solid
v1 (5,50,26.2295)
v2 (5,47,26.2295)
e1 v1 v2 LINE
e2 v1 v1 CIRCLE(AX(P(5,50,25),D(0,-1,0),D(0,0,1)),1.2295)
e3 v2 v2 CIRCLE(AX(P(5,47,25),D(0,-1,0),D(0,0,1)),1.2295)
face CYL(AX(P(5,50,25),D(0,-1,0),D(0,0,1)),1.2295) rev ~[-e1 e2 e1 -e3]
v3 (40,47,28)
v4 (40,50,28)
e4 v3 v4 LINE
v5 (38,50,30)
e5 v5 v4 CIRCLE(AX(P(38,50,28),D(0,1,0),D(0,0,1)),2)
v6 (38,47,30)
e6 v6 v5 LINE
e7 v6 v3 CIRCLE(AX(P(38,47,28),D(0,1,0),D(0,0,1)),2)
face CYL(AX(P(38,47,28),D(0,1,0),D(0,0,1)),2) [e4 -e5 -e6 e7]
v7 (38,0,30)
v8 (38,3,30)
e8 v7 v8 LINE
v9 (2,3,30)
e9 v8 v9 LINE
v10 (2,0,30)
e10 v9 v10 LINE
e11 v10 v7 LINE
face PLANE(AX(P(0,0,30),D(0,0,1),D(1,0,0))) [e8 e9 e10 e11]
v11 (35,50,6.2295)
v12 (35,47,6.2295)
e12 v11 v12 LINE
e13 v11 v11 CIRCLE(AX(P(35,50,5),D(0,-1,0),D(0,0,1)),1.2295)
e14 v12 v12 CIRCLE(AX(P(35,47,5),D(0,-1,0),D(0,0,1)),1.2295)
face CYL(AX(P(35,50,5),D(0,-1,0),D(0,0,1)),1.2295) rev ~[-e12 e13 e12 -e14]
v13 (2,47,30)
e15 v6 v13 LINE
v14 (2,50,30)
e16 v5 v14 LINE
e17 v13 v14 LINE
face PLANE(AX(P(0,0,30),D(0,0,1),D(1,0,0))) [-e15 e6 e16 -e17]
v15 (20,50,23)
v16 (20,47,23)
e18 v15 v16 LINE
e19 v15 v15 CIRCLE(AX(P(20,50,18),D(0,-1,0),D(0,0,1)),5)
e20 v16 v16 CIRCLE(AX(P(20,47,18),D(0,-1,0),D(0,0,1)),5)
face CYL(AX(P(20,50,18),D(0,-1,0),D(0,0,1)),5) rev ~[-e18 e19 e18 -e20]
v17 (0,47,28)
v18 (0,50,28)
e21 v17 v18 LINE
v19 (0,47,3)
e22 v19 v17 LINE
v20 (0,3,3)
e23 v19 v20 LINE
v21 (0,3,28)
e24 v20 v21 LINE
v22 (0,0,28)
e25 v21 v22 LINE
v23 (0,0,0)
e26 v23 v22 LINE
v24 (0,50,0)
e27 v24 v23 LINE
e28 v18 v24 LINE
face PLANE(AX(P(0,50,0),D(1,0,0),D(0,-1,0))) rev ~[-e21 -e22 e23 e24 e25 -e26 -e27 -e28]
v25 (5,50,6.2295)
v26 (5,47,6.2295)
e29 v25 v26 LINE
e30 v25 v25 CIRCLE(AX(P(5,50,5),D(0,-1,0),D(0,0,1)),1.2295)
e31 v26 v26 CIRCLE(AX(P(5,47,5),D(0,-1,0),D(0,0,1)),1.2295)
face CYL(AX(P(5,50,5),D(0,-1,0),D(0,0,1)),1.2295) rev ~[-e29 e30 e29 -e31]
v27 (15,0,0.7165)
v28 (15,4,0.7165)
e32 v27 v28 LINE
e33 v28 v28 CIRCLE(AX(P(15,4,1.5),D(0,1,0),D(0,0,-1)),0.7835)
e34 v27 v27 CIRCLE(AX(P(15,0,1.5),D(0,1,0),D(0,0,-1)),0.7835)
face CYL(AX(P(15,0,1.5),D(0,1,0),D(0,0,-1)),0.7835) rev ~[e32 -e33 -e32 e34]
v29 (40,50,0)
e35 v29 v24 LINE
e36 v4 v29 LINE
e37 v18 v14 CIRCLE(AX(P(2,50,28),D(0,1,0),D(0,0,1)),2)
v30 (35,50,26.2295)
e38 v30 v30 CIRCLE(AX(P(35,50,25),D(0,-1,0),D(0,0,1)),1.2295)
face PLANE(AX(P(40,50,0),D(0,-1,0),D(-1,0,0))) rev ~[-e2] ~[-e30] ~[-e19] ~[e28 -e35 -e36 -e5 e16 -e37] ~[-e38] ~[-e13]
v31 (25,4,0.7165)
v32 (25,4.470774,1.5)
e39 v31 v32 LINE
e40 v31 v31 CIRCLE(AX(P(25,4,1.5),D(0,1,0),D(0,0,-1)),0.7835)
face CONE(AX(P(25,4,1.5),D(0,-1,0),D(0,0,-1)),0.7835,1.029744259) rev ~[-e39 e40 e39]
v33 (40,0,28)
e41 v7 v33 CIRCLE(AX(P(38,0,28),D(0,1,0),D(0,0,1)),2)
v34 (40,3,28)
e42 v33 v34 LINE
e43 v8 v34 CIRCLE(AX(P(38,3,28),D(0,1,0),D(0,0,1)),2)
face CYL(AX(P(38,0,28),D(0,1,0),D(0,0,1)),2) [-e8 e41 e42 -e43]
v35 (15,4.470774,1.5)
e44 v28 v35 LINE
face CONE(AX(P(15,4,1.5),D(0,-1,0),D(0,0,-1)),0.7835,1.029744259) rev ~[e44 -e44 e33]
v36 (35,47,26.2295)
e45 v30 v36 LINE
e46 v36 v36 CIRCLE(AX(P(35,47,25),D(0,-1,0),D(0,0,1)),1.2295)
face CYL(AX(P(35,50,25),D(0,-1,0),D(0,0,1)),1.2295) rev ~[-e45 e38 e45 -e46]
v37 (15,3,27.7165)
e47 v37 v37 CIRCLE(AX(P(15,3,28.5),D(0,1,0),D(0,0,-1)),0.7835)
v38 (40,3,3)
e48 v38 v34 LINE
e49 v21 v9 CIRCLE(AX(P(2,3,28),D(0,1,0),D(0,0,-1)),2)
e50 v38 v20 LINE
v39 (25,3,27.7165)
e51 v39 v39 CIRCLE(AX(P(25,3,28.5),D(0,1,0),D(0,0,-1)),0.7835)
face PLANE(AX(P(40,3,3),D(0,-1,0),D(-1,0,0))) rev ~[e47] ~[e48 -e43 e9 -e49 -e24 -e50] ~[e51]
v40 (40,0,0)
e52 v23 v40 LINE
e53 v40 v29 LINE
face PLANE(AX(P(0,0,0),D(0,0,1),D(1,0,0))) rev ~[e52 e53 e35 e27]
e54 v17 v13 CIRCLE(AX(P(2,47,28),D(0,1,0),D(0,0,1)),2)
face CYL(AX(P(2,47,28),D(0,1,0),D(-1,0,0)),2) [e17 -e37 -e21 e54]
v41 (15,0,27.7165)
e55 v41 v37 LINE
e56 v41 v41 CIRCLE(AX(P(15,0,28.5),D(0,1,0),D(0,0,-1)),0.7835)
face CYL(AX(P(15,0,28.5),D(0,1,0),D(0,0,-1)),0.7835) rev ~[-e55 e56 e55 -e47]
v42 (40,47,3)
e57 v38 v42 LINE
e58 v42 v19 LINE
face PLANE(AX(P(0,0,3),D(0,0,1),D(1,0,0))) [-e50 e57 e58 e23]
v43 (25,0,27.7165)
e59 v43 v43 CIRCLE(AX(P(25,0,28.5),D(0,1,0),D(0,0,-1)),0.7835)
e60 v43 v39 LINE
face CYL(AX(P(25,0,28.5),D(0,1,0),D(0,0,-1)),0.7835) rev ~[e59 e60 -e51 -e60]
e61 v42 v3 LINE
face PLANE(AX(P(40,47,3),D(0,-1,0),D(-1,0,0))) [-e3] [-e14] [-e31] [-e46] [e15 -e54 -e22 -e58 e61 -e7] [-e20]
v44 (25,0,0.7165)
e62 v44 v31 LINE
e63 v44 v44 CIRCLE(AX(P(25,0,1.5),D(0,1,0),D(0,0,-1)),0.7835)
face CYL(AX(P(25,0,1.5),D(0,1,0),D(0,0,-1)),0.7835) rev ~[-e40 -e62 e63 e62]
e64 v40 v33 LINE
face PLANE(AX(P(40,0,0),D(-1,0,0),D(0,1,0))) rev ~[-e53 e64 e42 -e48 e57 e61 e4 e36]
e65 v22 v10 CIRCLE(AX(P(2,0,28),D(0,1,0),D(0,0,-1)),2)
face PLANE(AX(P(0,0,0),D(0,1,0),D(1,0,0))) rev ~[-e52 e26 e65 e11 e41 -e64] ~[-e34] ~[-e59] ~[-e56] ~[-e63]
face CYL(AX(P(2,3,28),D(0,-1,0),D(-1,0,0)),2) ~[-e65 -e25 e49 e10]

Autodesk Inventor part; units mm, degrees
ref_plane "YZ Plane" through (0, 0, 0) normal (1, 0, 0) x (0, 1, 0)
ref_plane "XZ Plane" through (0, 0, 0) normal (0, 1, 0) x (-1, 0, 0)
ref_plane "XY Plane" through (0, 0, 0) normal (0, 0, 1) x (1, 0, 0)
sketch "スケッチ1" plane through (0, 0, 0) normal (0, 0, 1) x (1, 0, 0)
  line L0 (0, 0) -> (40, 0)
  line L1 (40, 0) -> (40, 50)
  line L2 (40, 50) -> (0, 50)
  line L3 (0, 50) -> (0, 0)
  dimension "d0" = 40
  dimension "d1" = 50
extrude "押し出し1" add sketch "スケッチ1" along normal blind 3
sketch "スケッチ2" plane through (0, 0, 3) normal (0, 0, 1) x (1, 0, 0)
  line L0 (40, 50) -> (0, 50) projected
  line L1 (40, 0) -> (40, 50) projected
  line L2 (0, 50) -> (40, 50)
  line L3 (40, 50) -> (40, 47)
  line L4 (40, 47) -> (0, 47)
  line L5 (0, 47) -> (0, 50)
  line L6 (0, 50) -> (0, 0) projected
  line L7 (0, 0) -> (40, 0)
  line L8 (40, 0) -> (40, 3)
  line L9 (40, 3) -> (0, 3)
  line L10 (0, 3) -> (0, 0)
  point P0 (0, 3)
  dimension "d5" = 3
  dimension "d6" = 3
extrude "押し出し2" add sketch "スケッチ2" along normal blind 27 contours L1 L4 L5 L0 | L1 L7 L6 L9
sketch "スケッチ3" plane through (0, 50, 0) normal (0, 1, 0) x (1, 0, 0)
  line L0 (0, 0) -> (0, -30) projected
  line L1 (40, 0) -> (0, 0) projected
  point P0 (20, -18)
  dimension "d9" = 20
  dimension "d10" = 18
hole "穴1" at (20, 50, 18) direction (0, -1, 0) diameter 10 depth 3
sketch "スケッチ5" plane through (0, 0, 0) normal (0, -1, 0) x (1, 0, 0)
  line L0 (40, 0) -> (40, 30) projected
  line L1 (40, 15) -> (0, 15)
  line L2 (0, 3) -> (0, 30) projected
  line L3 (0, 0) -> (40, 0) projected
  line L4 (20, 0) -> (20, 30)
  line L5 (0, 30) -> (40, 30) projected
  point P0 (25, 1.5)
  point P1 (15, 1.5)
  point P2 (25, 28.5)
  point P3 (15, 28.5)
  dimension "d18" = 10
  dimension "d19" = 27
hole "穴2" at (25, 0, 1.5) at (15, 0, 1.5) at (25, 0, 28.5) at (15, 0, 28.5) direction (0, 1, 0) diameter 1.567 depth 4 tip angle 118 thread size "M2x0.4" class "6H" standard "ISO Metric profile"
sketch "スケッチ6" plane through (0, 50, 0) normal (0, 1, 0) x (1, 0, 0)
  line L0 (40, 0) -> (0, 0) projected
  line L1 (20, 0) -> (20, -30)
  line L2 (40, -30) -> (0, -30) projected
  line L3 (0, 0) -> (0, -30) projected
  line L4 (0, -15) -> (40, -15)
  line L5 (40, 0) -> (40, -30) projected
  point P0 (5, -5)
  point P1 (35, -5)
  point P2 (5, -25)
  point P3 (35, -25)
  dimension "d27" = 20
  dimension "d28" = 30
hole "穴3" at (5, 50, 5) at (35, 50, 5) at (5, 50, 25) at (35, 50, 25) direction (0, -1, 0) diameter 2.459 depth 3 thread size "M3x0.5" class "6H" standard "ISO Metric profile"
fillet "フィレット1" radius 2 4 edges at (0, 48.5, 30) (0, 1.5, 30) (40, 48.5, 30) (40, 1.5, 30)
properties part number "arm" material "アルミニウム 6061"
